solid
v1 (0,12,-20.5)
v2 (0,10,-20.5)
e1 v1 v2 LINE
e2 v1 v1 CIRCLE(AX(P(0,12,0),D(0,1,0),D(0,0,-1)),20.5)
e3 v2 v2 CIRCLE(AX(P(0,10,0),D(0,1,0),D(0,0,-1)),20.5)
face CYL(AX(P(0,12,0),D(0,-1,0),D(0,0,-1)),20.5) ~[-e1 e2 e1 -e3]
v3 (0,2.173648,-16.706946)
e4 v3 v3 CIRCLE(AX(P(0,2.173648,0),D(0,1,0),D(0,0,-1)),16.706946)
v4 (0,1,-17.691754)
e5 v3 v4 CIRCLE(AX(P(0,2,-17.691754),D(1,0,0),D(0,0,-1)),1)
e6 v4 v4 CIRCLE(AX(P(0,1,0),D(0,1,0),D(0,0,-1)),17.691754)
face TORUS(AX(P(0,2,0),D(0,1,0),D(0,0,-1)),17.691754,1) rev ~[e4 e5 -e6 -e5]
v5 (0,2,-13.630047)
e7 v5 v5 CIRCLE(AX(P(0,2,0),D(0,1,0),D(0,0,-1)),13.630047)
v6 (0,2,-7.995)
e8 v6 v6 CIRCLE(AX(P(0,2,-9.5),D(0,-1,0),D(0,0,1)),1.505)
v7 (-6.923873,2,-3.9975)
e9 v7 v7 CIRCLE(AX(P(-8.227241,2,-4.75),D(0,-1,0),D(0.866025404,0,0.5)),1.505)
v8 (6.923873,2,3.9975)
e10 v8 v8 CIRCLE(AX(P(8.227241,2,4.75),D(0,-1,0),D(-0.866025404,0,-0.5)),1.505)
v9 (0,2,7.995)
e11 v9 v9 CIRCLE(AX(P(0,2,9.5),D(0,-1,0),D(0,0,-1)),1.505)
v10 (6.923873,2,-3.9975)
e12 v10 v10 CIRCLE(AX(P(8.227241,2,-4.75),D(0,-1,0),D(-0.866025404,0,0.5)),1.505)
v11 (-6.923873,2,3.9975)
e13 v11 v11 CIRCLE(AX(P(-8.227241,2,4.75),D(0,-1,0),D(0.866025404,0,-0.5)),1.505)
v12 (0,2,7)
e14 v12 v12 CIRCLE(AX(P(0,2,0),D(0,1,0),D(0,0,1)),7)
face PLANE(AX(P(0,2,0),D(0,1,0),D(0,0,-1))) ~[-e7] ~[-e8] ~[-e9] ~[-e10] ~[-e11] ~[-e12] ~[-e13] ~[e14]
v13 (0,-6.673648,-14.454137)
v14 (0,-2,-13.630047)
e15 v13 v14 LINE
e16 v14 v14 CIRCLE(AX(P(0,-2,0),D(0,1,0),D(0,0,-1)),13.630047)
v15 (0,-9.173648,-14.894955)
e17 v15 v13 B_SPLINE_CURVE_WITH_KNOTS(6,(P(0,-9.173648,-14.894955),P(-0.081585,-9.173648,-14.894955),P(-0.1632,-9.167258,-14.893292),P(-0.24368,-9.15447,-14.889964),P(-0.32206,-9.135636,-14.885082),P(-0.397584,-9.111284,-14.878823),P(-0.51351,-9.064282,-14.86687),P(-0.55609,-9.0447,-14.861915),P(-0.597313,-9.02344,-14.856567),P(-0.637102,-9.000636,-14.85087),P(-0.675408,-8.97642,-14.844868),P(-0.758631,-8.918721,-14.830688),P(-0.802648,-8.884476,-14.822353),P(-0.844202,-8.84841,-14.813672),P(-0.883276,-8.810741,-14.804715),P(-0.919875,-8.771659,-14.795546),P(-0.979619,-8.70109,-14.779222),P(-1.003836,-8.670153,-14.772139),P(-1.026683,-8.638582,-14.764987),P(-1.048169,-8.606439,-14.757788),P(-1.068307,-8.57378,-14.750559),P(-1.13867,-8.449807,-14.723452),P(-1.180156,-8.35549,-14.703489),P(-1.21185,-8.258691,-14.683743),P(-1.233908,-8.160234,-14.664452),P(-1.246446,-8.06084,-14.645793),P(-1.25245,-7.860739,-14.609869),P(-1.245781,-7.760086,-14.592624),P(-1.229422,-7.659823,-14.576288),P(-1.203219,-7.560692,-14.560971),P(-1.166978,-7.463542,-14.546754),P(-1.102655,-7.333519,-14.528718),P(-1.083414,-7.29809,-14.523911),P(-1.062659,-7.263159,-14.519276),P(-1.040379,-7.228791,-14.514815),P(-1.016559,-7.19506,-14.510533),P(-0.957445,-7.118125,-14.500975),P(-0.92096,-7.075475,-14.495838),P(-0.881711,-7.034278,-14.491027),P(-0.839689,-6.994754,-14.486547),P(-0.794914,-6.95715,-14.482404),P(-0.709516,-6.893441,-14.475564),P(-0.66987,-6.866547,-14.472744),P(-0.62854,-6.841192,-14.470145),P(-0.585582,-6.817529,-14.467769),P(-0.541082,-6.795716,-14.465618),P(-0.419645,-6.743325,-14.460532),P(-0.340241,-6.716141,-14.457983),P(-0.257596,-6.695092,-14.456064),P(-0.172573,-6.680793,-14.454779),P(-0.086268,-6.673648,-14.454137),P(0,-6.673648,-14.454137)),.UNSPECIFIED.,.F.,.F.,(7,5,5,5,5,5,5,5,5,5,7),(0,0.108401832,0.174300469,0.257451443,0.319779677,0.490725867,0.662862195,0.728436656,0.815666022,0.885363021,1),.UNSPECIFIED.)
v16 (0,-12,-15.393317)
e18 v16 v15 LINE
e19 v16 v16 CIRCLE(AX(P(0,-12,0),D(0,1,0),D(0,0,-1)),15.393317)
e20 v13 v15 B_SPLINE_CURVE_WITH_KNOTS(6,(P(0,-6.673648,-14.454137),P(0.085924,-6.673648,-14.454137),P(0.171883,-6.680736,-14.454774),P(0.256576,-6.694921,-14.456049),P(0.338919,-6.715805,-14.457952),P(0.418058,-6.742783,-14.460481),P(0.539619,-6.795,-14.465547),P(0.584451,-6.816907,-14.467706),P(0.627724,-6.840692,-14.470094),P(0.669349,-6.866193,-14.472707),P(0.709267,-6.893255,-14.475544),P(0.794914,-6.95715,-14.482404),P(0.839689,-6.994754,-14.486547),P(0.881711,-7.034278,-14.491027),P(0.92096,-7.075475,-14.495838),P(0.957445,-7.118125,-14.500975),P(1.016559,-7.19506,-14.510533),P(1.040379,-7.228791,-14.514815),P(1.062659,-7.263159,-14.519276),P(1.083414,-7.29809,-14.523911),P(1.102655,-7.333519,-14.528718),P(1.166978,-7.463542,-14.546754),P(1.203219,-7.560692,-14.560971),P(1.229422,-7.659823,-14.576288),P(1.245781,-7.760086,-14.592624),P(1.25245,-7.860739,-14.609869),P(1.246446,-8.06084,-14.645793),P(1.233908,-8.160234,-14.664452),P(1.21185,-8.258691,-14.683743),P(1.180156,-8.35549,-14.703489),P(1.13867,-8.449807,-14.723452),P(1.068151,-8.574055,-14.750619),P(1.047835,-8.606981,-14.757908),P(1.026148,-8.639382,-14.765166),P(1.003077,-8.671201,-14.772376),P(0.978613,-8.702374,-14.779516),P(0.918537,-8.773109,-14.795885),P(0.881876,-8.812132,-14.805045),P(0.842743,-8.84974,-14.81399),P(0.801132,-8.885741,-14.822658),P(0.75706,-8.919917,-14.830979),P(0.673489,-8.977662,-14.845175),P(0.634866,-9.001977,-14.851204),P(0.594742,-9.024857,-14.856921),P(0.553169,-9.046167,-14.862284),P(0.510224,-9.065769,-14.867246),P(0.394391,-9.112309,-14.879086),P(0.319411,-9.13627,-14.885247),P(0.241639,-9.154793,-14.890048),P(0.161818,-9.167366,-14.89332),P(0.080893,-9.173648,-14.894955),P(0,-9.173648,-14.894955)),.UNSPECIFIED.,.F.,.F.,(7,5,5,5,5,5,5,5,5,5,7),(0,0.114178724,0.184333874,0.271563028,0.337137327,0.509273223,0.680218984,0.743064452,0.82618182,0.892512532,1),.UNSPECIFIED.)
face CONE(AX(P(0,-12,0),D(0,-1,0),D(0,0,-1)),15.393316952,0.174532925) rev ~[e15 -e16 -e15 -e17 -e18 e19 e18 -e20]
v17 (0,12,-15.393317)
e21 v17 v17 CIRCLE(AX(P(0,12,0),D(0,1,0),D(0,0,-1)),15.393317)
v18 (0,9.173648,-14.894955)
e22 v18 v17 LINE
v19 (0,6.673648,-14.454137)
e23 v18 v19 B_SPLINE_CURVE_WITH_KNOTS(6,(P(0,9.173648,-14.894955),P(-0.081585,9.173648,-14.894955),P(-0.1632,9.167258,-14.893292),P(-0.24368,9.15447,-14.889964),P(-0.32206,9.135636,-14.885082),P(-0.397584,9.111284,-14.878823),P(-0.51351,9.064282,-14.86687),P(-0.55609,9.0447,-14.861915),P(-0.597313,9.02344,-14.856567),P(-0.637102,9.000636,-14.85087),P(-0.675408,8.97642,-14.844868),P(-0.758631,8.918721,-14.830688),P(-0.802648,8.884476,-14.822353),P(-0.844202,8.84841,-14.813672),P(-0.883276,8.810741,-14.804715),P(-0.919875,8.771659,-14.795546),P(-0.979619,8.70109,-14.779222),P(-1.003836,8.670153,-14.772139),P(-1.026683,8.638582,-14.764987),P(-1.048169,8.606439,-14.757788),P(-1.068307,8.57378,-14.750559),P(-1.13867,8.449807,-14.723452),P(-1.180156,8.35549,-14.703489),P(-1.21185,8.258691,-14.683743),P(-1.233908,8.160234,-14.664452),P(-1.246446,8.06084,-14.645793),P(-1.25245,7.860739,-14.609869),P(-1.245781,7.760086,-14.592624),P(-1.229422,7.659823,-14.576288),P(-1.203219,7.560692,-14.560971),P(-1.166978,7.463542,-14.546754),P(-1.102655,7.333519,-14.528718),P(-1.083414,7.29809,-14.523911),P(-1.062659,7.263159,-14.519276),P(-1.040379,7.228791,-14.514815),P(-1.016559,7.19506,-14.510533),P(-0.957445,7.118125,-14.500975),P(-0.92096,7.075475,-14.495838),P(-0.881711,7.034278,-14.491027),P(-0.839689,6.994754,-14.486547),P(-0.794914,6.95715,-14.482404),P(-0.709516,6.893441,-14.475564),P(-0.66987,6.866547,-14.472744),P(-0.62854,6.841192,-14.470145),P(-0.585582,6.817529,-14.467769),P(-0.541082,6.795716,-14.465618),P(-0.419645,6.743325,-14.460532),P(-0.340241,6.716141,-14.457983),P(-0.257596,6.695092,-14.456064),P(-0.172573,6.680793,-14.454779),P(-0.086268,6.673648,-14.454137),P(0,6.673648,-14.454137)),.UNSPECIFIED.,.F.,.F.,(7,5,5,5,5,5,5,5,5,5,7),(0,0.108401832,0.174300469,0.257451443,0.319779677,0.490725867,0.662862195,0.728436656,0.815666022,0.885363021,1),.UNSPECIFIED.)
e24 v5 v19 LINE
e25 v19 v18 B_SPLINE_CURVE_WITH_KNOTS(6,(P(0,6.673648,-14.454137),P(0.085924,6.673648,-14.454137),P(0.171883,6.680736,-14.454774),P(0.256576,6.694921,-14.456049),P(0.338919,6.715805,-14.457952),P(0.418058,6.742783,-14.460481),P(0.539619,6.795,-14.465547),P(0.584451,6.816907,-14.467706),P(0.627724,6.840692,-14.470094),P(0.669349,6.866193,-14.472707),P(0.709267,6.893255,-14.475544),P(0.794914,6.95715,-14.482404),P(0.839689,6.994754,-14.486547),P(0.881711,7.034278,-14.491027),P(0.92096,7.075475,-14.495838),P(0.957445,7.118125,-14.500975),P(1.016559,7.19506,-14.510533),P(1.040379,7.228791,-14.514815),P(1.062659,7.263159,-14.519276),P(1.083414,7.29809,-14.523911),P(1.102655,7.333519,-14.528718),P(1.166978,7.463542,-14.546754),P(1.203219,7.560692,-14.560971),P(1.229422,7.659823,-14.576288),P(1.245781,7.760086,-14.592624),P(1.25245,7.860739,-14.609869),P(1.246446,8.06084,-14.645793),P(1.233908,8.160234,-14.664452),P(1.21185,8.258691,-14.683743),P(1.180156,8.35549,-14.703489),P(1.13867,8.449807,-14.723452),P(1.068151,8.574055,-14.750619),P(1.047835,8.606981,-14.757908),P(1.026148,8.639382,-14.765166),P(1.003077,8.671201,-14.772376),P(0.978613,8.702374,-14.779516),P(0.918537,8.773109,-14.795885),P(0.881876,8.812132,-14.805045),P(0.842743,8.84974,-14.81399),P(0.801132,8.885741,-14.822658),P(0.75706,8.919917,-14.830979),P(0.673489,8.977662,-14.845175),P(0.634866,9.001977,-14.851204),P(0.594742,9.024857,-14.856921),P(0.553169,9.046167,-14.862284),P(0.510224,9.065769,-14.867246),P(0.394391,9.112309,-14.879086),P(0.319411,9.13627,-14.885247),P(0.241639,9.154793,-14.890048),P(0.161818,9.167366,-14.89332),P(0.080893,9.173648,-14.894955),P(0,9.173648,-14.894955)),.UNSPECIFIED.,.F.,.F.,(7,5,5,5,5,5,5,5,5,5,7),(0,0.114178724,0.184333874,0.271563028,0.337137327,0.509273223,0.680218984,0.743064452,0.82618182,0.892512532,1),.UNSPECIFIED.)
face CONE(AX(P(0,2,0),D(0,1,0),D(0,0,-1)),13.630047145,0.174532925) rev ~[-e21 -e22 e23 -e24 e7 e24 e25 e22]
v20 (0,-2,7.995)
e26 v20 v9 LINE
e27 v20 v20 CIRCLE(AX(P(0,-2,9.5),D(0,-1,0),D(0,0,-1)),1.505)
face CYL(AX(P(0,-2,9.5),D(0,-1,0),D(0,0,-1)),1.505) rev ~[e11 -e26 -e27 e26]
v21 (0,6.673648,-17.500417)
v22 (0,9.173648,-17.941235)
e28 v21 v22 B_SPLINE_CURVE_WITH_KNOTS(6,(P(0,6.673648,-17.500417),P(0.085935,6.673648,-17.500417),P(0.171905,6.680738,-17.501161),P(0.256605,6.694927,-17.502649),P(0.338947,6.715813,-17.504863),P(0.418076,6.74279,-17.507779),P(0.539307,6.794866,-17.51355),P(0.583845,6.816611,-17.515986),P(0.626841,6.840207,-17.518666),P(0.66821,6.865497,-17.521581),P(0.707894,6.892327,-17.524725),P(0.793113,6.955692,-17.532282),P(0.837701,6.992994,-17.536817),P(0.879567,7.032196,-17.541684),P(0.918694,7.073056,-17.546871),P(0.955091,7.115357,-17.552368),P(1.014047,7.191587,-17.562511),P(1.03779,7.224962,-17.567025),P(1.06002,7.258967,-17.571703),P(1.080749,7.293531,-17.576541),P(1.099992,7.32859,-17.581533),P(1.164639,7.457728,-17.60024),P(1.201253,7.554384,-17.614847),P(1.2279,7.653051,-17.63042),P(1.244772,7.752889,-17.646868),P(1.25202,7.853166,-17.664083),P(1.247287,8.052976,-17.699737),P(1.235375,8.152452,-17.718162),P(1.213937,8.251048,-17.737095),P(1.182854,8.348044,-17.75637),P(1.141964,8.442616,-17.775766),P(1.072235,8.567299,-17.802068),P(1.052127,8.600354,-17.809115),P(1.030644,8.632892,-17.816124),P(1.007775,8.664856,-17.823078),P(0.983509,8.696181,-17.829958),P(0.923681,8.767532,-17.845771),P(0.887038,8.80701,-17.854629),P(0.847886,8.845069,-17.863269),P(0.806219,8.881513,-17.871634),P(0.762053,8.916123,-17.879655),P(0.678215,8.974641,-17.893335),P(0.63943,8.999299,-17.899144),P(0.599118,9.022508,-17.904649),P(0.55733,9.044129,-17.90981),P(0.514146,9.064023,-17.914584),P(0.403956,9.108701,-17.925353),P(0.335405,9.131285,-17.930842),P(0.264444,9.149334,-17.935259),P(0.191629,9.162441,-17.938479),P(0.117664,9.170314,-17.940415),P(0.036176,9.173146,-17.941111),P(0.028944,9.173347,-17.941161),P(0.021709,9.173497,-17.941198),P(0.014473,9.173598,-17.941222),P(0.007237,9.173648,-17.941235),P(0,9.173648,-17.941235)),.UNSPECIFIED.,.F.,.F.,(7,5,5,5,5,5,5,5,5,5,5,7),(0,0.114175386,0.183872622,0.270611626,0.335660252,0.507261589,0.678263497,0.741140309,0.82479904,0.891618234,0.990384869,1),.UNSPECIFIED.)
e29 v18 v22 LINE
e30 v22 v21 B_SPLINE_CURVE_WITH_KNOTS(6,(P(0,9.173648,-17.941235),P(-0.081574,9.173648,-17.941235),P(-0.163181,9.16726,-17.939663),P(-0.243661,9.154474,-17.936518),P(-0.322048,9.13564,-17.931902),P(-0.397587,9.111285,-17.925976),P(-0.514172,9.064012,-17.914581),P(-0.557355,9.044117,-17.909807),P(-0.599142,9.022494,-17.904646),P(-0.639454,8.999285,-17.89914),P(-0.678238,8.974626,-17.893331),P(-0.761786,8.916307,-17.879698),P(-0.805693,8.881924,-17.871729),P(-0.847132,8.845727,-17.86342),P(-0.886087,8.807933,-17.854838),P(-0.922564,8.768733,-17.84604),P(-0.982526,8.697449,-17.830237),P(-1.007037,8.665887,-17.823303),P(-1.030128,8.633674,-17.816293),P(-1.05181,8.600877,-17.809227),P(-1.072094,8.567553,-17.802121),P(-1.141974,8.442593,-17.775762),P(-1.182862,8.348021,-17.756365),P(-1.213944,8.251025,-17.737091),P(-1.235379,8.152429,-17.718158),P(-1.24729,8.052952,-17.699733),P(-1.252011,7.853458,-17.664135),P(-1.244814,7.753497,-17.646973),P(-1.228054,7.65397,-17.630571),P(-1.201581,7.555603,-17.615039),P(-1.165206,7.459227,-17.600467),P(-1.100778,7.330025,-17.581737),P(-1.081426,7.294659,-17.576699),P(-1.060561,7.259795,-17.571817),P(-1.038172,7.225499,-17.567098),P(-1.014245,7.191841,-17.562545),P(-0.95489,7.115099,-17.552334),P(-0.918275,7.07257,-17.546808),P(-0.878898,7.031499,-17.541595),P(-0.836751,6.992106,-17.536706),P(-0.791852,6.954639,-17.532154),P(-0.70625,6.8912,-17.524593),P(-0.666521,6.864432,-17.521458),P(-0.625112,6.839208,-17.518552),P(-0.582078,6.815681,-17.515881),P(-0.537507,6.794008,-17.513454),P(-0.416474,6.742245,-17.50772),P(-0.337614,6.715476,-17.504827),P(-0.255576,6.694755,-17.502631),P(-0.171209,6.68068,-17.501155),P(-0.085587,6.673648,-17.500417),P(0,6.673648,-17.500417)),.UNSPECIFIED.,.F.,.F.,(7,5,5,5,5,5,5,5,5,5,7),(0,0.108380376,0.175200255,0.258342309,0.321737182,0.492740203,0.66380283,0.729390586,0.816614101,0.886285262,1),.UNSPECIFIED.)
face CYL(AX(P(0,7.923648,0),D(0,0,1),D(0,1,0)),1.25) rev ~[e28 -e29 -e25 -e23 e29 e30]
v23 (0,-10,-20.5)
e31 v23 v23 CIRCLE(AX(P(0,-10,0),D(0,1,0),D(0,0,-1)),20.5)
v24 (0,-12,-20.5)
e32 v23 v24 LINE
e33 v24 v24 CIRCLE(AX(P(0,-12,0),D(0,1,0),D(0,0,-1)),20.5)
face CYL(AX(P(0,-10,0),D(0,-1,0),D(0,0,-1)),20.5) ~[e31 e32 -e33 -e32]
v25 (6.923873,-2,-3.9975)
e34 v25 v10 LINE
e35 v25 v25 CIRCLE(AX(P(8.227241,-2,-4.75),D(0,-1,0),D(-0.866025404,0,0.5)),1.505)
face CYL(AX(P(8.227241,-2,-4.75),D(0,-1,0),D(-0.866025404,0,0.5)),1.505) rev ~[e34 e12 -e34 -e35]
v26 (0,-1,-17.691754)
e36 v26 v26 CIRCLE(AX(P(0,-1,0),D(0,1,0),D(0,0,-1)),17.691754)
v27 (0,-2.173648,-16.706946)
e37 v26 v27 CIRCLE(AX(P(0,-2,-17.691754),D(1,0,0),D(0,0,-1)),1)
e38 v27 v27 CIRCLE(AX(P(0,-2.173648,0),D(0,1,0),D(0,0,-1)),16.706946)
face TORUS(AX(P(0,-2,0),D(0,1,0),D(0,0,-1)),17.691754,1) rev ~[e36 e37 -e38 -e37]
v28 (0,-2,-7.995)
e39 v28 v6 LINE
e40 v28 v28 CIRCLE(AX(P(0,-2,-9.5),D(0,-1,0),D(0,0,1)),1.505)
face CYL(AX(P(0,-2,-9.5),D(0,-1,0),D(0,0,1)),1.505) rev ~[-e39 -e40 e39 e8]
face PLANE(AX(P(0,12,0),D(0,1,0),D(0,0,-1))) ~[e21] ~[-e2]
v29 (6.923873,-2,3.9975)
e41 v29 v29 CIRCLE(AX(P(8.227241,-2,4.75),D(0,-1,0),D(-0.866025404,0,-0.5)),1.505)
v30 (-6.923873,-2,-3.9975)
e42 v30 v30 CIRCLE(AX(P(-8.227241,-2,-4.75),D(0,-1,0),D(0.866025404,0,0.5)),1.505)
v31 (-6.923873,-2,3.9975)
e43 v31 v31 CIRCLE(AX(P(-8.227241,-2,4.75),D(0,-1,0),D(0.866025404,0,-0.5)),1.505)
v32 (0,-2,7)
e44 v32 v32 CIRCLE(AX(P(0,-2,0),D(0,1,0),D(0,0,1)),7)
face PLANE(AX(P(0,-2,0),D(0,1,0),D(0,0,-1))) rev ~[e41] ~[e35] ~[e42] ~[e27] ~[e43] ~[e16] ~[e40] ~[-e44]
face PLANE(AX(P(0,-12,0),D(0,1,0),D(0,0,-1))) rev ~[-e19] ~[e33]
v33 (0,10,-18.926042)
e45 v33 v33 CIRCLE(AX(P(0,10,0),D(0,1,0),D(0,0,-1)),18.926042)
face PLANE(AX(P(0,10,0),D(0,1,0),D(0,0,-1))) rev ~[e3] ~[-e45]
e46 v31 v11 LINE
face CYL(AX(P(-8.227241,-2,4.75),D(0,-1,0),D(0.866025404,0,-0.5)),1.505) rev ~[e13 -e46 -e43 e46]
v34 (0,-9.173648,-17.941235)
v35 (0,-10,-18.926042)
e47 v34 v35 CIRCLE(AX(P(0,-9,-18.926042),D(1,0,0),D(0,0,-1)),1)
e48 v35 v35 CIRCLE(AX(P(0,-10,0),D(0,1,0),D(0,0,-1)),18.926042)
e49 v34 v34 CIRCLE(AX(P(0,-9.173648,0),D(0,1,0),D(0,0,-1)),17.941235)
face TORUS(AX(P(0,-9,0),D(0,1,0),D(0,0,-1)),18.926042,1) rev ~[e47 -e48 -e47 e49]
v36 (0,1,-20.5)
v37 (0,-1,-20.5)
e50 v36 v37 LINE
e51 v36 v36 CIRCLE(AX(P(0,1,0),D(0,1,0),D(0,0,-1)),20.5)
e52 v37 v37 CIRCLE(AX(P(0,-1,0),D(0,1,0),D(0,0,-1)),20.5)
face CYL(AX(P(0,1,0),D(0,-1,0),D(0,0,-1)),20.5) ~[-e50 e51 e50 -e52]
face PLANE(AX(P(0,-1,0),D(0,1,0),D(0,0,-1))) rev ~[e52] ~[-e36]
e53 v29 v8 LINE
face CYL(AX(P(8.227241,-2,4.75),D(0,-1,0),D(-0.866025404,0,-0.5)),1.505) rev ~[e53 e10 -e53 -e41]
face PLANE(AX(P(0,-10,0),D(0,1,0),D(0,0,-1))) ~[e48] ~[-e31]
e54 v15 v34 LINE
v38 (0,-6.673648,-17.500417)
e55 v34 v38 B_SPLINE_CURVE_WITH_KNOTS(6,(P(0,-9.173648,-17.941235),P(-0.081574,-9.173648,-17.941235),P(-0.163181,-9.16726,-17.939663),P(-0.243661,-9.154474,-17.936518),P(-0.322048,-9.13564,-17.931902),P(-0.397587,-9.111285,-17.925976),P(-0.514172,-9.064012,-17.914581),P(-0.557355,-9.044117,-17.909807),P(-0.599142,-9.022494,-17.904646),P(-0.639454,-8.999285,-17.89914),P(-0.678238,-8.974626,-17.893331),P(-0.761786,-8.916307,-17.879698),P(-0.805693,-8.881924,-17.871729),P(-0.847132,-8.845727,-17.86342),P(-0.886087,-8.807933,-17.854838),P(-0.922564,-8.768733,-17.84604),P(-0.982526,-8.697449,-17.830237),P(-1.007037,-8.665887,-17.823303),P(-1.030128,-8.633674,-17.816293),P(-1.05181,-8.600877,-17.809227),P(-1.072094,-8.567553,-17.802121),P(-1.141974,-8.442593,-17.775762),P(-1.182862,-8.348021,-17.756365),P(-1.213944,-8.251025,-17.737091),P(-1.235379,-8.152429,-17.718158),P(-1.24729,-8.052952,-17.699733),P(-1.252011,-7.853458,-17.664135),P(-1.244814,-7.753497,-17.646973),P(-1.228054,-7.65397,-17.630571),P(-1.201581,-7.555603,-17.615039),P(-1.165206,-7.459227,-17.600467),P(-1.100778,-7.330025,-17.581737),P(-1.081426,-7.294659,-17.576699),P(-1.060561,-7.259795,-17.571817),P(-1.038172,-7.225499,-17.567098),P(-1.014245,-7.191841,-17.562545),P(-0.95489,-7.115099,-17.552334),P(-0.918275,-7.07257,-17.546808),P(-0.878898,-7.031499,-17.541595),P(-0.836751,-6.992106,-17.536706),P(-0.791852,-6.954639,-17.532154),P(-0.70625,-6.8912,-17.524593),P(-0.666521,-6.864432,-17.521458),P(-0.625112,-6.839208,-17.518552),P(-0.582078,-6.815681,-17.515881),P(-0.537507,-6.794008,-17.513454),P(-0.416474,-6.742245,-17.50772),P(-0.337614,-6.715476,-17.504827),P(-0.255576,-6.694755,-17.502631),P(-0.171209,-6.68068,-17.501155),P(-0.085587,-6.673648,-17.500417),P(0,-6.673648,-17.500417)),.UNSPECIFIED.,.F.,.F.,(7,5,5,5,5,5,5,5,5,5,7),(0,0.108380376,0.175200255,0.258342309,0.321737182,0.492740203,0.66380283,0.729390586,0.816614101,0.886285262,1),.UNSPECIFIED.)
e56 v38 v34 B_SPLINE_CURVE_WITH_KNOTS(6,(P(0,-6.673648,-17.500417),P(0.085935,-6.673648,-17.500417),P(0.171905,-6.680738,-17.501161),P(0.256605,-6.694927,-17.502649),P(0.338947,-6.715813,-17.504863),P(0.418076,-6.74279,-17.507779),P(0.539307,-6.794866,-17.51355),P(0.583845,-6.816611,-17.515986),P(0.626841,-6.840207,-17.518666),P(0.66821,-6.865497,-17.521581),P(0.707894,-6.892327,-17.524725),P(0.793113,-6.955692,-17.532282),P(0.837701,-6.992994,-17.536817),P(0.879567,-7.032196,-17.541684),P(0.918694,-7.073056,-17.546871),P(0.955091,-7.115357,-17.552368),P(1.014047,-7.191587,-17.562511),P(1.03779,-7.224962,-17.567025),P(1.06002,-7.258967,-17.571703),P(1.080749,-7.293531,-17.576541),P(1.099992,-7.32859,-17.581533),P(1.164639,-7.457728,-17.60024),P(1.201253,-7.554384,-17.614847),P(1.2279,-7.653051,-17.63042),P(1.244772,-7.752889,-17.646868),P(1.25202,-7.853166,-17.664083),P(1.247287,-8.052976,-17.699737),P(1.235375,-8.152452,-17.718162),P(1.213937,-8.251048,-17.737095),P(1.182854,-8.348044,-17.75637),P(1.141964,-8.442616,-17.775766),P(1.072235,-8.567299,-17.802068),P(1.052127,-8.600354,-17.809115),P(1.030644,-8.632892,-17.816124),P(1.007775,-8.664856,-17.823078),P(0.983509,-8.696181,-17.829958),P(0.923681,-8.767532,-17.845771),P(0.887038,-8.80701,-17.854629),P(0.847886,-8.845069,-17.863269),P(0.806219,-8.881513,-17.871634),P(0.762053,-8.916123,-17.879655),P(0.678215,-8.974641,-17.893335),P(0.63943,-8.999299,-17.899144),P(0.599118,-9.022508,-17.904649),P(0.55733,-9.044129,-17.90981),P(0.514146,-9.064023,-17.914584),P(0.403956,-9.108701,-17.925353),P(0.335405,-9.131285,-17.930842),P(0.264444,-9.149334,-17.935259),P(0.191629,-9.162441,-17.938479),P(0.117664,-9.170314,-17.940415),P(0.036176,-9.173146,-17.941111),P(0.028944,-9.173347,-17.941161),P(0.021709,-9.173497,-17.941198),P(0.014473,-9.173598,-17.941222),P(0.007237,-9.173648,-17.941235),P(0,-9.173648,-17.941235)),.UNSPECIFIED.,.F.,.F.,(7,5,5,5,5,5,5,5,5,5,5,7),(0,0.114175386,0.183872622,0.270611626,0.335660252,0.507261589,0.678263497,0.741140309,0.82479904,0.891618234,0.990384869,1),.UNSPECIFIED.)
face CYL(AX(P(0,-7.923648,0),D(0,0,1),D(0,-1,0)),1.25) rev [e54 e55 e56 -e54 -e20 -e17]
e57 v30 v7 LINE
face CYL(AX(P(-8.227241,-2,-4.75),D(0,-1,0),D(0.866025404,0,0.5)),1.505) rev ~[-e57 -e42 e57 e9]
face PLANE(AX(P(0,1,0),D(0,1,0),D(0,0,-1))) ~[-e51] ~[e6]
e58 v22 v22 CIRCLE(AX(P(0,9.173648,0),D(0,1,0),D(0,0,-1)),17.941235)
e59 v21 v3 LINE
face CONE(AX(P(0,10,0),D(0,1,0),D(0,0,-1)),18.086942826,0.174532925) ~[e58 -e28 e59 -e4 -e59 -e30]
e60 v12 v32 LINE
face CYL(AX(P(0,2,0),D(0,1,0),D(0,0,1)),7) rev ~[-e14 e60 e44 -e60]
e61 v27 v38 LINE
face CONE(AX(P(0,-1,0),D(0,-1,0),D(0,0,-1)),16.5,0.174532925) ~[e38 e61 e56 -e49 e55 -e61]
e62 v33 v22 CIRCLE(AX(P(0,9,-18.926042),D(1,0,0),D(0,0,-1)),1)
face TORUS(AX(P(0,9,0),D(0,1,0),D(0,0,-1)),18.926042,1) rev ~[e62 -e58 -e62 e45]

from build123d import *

# Parameters (mm, degrees)
FILLET_1_R               = 1
SKETCH_3_R               = 7
CUT_EXTRUDE_1_DEPTH      = 10
SKETCH_5_R               = 1.25
CUT_EXTRUDE_2_DEPTH      = 24
SKETCH_6_R               = 1.505
CUT_EXTRUDE_3_DEPTH      = 10
PATTERN_CIRCULAR_1_COUNT = 6


with BuildPart() as part:
    # 草图2 → 旋转1 (revolve)
    with BuildSketch(Plane(origin=(0, 0, 0), x_dir=(0, 0, -1), z_dir=(1, 0, 0))):
        Polygon((20.5, 12), (20.5, 10), (18.086942826, 10), (16.5, 1), (20.5, 1), (20.5, -1), (16.5, -1), (18.086942826, -10), (20.5, -10), (20.5, -12), (15.393316952, -12), (13.630047145, -2), (0, -2), (0, 2), (13.630047145, 2), (15.393316952, 12), align=None)
    revolve(axis=Axis((0, -2, 0), (0, 1, 0)))

    # 圆角1
    fillet_1_edges = [part.edges().sort_by_distance(p)[0] for p in [
        (0, -10, 18.086942826),
        (0, -1, 16.5),
        (0, 1, 16.5),
        (0, 10, 18.086942826),
    ]]
    fillet(fillet_1_edges, radius=FILLET_1_R)

    # 草图3 → 切除-拉伸1 (cut)
    with BuildSketch(Plane(origin=(0, 2, 0), x_dir=(1, 0, 0), z_dir=(0, 1, 0))):
        with Locations(Location((0, 0, 0), (0, 0, 270))):
            Circle(SKETCH_3_R)
    extrude(amount=-CUT_EXTRUDE_1_DEPTH, mode=Mode.SUBTRACT)

    # 草图5 → 切除-拉伸2 (cut)
    with BuildSketch(Plane.XY):
        with Locations(Location((0, 7.923648178, 0), (0, 0, 90.000000002))):
            Circle(SKETCH_5_R)
    cut_extrude_2 = extrude(amount=-CUT_EXTRUDE_2_DEPTH, mode=Mode.SUBTRACT)

    # 镜向1: 切除-拉伸2 across plane
    add(cut_extrude_2.mirror(Plane.ZX), mode=Mode.SUBTRACT)

    # 草图6 → 切除-拉伸3 (cut)
    with BuildSketch(Plane.XZ.offset(2)):
        with Locations(Location((0, 9.5, 0), (0, 0, 270))):
            Circle(SKETCH_6_R)
    cut_extrude_3 = extrude(amount=-CUT_EXTRUDE_3_DEPTH, mode=Mode.SUBTRACT)

    # 阵列(圆周)1: 切除-拉伸3 ×6 about axis
    pattern_circular_1_axis = Axis((0, 0, 0), (0, 1, 0))
    for i in range(1, PATTERN_CIRCULAR_1_COUNT):
        add(cut_extrude_3.rotate(pattern_circular_1_axis, i * 360 / PATTERN_CIRCULAR_1_COUNT), mode=Mode.SUBTRACT)


solid = part.part
